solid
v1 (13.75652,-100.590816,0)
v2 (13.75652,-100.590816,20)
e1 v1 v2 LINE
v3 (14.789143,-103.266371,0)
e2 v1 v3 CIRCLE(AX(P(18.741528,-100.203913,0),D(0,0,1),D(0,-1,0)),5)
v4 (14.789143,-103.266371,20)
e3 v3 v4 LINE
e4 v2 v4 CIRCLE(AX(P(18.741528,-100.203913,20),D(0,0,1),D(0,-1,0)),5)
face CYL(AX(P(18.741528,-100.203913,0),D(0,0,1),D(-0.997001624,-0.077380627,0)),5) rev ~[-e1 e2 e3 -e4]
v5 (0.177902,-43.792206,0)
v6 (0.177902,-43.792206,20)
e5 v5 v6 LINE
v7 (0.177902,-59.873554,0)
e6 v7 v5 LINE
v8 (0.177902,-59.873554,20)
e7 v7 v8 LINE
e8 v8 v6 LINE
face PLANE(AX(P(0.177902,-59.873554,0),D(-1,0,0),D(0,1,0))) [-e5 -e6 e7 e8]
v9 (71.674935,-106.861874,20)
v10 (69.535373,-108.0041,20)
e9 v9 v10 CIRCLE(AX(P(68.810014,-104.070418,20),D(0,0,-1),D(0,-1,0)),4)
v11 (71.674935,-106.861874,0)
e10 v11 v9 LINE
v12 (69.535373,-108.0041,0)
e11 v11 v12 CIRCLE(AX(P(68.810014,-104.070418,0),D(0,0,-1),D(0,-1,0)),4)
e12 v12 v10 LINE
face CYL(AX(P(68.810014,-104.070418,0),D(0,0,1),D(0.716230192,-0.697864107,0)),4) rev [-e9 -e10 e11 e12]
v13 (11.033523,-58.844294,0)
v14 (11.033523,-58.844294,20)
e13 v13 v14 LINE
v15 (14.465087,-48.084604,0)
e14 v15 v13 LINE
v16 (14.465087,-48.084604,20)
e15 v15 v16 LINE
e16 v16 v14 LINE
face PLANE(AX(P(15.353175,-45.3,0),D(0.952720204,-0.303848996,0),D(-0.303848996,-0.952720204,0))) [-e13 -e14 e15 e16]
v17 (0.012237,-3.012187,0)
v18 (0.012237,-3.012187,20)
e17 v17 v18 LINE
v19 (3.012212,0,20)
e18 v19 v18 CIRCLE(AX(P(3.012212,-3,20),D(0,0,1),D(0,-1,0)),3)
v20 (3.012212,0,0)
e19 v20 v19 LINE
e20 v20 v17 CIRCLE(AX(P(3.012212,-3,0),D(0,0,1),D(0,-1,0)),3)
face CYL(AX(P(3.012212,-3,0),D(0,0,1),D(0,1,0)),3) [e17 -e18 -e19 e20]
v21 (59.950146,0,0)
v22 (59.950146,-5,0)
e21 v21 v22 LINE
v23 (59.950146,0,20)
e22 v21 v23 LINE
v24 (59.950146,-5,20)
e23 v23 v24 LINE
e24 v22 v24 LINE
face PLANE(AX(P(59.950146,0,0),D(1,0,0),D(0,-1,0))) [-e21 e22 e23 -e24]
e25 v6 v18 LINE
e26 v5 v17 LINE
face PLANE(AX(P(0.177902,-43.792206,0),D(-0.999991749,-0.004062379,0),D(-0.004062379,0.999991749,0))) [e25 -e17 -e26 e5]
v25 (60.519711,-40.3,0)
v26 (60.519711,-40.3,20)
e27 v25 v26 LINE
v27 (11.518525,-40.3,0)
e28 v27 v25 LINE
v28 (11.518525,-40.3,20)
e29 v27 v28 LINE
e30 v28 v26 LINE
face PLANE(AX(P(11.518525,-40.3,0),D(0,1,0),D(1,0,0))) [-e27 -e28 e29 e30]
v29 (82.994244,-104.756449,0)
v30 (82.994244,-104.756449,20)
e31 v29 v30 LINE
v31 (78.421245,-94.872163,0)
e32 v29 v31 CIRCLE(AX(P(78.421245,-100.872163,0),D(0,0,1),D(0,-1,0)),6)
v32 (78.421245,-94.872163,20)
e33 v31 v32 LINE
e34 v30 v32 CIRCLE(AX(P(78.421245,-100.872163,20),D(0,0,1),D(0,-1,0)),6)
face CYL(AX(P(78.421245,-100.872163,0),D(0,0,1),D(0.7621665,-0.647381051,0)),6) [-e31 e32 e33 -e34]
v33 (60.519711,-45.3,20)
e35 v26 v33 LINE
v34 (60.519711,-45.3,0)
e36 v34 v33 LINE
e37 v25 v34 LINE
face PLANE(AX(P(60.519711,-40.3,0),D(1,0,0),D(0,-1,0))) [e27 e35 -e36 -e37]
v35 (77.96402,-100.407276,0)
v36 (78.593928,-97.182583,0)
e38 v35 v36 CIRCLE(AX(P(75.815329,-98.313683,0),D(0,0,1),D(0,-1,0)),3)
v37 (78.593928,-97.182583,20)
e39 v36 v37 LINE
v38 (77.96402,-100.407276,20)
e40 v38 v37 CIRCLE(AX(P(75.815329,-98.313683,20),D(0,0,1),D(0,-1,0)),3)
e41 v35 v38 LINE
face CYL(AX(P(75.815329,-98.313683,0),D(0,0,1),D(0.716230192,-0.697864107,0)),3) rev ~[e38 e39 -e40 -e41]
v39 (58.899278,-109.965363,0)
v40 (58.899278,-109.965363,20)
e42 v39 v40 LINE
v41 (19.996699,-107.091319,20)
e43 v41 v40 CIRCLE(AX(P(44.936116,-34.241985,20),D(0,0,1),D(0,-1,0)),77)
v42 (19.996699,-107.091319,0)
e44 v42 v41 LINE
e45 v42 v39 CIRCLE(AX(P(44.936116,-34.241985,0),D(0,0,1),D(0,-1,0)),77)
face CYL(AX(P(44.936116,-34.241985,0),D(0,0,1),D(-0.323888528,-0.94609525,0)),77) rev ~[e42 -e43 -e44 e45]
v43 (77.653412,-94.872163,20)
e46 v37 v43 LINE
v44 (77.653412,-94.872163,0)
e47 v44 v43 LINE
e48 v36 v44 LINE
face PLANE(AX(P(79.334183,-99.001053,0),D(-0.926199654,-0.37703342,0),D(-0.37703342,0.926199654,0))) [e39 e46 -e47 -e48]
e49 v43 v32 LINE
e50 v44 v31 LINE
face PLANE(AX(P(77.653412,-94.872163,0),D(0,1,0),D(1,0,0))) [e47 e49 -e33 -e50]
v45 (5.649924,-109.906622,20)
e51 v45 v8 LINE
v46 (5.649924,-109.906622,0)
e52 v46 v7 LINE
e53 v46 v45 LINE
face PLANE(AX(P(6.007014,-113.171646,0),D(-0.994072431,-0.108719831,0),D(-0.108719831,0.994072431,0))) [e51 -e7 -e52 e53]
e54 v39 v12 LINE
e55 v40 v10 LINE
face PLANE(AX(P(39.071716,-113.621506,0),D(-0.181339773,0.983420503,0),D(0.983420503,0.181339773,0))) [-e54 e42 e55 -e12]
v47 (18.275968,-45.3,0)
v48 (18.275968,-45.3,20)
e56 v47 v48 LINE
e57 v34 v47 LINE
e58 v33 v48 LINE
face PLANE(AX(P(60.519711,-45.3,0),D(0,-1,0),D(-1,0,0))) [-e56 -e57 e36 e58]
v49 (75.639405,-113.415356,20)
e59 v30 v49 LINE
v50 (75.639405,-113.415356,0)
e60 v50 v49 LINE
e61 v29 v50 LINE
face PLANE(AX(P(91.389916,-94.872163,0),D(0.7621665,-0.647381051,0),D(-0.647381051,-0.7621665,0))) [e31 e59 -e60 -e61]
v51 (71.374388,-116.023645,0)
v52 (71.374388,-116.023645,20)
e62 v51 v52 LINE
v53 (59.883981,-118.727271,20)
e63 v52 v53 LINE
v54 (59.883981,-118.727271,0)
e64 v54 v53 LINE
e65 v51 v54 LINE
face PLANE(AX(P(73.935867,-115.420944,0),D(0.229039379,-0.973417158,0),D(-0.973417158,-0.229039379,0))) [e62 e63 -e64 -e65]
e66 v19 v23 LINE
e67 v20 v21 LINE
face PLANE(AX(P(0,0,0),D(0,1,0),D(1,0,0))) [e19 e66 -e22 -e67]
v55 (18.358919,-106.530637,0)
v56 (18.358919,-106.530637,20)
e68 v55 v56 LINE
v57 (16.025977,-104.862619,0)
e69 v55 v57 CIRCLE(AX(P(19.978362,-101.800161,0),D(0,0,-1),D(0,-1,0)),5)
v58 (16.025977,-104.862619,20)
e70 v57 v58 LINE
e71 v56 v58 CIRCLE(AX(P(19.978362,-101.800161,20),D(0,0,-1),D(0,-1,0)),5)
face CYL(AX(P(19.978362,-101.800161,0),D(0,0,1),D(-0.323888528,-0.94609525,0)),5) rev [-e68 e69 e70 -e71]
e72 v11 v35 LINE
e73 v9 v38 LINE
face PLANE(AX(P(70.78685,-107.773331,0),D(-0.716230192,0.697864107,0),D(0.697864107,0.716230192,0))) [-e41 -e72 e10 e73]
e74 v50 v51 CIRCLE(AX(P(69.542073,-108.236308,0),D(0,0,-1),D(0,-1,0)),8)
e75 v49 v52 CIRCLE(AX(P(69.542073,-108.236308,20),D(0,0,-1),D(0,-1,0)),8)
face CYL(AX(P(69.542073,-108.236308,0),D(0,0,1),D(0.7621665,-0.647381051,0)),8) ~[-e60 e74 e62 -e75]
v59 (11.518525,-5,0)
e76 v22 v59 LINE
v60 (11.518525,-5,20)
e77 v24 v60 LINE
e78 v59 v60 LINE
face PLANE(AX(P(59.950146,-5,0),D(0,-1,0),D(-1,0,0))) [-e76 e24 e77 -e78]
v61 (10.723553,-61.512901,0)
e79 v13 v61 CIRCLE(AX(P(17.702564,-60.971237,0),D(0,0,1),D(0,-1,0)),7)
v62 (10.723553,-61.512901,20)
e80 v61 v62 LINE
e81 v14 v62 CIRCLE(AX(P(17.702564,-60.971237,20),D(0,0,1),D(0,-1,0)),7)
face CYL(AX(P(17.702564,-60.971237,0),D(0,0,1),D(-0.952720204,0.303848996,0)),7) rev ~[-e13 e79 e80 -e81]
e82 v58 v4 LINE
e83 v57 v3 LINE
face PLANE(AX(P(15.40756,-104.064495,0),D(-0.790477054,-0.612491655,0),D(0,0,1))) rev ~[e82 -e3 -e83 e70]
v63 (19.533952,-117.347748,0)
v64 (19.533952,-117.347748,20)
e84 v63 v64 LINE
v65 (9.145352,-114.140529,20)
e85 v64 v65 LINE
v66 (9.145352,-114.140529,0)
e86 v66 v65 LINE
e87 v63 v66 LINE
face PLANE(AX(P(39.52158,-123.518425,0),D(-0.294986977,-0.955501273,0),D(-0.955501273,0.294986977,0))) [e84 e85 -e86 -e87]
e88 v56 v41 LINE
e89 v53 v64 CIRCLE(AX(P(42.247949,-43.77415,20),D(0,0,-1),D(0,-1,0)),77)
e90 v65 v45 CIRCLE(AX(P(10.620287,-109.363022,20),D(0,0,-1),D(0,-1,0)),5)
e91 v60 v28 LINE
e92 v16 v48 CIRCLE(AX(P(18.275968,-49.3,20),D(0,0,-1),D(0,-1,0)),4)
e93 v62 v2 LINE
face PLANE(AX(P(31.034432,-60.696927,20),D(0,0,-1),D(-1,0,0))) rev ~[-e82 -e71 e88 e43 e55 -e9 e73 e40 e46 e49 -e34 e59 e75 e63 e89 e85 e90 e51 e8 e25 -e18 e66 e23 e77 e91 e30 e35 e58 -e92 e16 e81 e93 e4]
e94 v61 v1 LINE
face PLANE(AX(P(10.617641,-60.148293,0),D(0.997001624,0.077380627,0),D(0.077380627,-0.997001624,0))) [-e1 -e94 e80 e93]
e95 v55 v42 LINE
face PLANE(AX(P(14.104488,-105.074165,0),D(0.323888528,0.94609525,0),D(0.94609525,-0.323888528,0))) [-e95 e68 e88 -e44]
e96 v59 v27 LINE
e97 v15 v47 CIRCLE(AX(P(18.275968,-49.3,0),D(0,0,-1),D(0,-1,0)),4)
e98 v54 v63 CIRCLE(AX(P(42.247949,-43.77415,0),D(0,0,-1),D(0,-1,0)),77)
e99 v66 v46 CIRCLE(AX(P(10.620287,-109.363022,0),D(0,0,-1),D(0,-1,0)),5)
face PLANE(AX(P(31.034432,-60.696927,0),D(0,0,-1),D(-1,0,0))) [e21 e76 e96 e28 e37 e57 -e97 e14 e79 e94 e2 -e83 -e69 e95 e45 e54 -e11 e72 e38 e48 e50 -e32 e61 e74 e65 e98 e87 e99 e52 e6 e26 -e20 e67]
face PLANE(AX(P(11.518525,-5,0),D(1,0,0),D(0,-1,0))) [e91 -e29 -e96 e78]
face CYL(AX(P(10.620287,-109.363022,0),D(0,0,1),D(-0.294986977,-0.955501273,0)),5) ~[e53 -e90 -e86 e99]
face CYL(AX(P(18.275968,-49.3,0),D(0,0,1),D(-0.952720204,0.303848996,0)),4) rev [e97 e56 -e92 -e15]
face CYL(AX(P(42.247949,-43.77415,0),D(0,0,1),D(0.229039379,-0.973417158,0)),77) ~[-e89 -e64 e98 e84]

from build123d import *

# Parameters (mm, degrees)
PAD_DEPTH    = 20
FILLET_R     = 77
CHAMFER_SIZE = 3
FILLET001_R  = 3
FILLET002_R  = 4
FILLET003_R  = 8
FILLET004_R  = 6
FILLET005_R  = 5
FILLET006_R  = 5
FILLET007_R  = 4
FILLET008_R  = 7
FILLET009_R  = 3


with BuildPart() as part:
    # Sketch → Pad (new body)
    with BuildSketch(Plane.XY):
        Polygon((0, 0), (59.950146, 0), (59.950146, -5), (11.518525, -5), (11.518525, -40.3), (60.519711, -40.3), (60.519711, -45.3), (15.353175, -45.3), (10.617641, -60.148293), (14.104488, -105.074165), (39.071716, -113.621506), (70.78685, -107.773331), (79.334183, -99.001053), (77.653412, -94.872163), (91.389916, -94.872163), (73.935867, -115.420944), (39.52158, -123.518425), (6.007014, -113.171646), (0.177902, -59.873554), (0.177902, -43.792206), align=None)
    extrude(amount=PAD_DEPTH)

    # Fillet
    fillet_edges = [part.edges().sort_by_distance(p)[0] for p in [
        (39.071716, -113.621506, 10),
        (39.52158, -123.518425, 10),
    ]]
    fillet(fillet_edges, radius=FILLET_R)

    # Chamfer
    chamfer_edges = [part.edges().sort_by_distance(p)[0] for p in [
        (14.104488, -105.074165, 10),
    ]]
    chamfer(chamfer_edges, length=CHAMFER_SIZE)

    # Fillet001
    fillet001_edges = [part.edges().sort_by_distance(p)[0] for p in [
        (79.334183, -99.001053, 10),
    ]]
    fillet(fillet001_edges, radius=FILLET001_R)

    # Fillet002
    fillet002_edges = [part.edges().sort_by_distance(p)[0] for p in [
        (70.78685, -107.773331, 10),
    ]]
    fillet(fillet002_edges, radius=FILLET002_R)

    # Fillet003
    fillet003_edges = [part.edges().sort_by_distance(p)[0] for p in [
        (73.935867, -115.420944, 10),
    ]]
    fillet(fillet003_edges, radius=FILLET003_R)

    # Fillet004
    fillet004_edges = [part.edges().sort_by_distance(p)[0] for p in [
        (91.389916, -94.872163, 10),
    ]]
    fillet(fillet004_edges, radius=FILLET004_R)

    # Fillet005
    fillet005_edges = [part.edges().sort_by_distance(p)[0] for p in [
        (6.007014, -113.171646, 10),
    ]]
    fillet(fillet005_edges, radius=FILLET005_R)

    # Fillet006
    fillet006_edges = [part.edges().sort_by_distance(p)[0] for p in [
        (13.872346, -102.08316, 10),
        (16.942774, -106.045831, 10),
    ]]
    fillet(fillet006_edges, radius=FILLET006_R)

    # Fillet007
    fillet007_edges = [part.edges().sort_by_distance(p)[0] for p in [
        (15.353175, -45.3, 10),
    ]]
    fillet(fillet007_edges, radius=FILLET007_R)

    # Fillet008
    fillet008_edges = [part.edges().sort_by_distance(p)[0] for p in [
        (10.617641, -60.148293, 10),
    ]]
    fillet(fillet008_edges, radius=FILLET008_R)

    # Fillet009
    fillet009_edges = [part.edges().sort_by_distance(p)[0] for p in [
        (0, 0, 10),
    ]]
    fillet(fillet009_edges, radius=FILLET009_R)


solid = part.part
